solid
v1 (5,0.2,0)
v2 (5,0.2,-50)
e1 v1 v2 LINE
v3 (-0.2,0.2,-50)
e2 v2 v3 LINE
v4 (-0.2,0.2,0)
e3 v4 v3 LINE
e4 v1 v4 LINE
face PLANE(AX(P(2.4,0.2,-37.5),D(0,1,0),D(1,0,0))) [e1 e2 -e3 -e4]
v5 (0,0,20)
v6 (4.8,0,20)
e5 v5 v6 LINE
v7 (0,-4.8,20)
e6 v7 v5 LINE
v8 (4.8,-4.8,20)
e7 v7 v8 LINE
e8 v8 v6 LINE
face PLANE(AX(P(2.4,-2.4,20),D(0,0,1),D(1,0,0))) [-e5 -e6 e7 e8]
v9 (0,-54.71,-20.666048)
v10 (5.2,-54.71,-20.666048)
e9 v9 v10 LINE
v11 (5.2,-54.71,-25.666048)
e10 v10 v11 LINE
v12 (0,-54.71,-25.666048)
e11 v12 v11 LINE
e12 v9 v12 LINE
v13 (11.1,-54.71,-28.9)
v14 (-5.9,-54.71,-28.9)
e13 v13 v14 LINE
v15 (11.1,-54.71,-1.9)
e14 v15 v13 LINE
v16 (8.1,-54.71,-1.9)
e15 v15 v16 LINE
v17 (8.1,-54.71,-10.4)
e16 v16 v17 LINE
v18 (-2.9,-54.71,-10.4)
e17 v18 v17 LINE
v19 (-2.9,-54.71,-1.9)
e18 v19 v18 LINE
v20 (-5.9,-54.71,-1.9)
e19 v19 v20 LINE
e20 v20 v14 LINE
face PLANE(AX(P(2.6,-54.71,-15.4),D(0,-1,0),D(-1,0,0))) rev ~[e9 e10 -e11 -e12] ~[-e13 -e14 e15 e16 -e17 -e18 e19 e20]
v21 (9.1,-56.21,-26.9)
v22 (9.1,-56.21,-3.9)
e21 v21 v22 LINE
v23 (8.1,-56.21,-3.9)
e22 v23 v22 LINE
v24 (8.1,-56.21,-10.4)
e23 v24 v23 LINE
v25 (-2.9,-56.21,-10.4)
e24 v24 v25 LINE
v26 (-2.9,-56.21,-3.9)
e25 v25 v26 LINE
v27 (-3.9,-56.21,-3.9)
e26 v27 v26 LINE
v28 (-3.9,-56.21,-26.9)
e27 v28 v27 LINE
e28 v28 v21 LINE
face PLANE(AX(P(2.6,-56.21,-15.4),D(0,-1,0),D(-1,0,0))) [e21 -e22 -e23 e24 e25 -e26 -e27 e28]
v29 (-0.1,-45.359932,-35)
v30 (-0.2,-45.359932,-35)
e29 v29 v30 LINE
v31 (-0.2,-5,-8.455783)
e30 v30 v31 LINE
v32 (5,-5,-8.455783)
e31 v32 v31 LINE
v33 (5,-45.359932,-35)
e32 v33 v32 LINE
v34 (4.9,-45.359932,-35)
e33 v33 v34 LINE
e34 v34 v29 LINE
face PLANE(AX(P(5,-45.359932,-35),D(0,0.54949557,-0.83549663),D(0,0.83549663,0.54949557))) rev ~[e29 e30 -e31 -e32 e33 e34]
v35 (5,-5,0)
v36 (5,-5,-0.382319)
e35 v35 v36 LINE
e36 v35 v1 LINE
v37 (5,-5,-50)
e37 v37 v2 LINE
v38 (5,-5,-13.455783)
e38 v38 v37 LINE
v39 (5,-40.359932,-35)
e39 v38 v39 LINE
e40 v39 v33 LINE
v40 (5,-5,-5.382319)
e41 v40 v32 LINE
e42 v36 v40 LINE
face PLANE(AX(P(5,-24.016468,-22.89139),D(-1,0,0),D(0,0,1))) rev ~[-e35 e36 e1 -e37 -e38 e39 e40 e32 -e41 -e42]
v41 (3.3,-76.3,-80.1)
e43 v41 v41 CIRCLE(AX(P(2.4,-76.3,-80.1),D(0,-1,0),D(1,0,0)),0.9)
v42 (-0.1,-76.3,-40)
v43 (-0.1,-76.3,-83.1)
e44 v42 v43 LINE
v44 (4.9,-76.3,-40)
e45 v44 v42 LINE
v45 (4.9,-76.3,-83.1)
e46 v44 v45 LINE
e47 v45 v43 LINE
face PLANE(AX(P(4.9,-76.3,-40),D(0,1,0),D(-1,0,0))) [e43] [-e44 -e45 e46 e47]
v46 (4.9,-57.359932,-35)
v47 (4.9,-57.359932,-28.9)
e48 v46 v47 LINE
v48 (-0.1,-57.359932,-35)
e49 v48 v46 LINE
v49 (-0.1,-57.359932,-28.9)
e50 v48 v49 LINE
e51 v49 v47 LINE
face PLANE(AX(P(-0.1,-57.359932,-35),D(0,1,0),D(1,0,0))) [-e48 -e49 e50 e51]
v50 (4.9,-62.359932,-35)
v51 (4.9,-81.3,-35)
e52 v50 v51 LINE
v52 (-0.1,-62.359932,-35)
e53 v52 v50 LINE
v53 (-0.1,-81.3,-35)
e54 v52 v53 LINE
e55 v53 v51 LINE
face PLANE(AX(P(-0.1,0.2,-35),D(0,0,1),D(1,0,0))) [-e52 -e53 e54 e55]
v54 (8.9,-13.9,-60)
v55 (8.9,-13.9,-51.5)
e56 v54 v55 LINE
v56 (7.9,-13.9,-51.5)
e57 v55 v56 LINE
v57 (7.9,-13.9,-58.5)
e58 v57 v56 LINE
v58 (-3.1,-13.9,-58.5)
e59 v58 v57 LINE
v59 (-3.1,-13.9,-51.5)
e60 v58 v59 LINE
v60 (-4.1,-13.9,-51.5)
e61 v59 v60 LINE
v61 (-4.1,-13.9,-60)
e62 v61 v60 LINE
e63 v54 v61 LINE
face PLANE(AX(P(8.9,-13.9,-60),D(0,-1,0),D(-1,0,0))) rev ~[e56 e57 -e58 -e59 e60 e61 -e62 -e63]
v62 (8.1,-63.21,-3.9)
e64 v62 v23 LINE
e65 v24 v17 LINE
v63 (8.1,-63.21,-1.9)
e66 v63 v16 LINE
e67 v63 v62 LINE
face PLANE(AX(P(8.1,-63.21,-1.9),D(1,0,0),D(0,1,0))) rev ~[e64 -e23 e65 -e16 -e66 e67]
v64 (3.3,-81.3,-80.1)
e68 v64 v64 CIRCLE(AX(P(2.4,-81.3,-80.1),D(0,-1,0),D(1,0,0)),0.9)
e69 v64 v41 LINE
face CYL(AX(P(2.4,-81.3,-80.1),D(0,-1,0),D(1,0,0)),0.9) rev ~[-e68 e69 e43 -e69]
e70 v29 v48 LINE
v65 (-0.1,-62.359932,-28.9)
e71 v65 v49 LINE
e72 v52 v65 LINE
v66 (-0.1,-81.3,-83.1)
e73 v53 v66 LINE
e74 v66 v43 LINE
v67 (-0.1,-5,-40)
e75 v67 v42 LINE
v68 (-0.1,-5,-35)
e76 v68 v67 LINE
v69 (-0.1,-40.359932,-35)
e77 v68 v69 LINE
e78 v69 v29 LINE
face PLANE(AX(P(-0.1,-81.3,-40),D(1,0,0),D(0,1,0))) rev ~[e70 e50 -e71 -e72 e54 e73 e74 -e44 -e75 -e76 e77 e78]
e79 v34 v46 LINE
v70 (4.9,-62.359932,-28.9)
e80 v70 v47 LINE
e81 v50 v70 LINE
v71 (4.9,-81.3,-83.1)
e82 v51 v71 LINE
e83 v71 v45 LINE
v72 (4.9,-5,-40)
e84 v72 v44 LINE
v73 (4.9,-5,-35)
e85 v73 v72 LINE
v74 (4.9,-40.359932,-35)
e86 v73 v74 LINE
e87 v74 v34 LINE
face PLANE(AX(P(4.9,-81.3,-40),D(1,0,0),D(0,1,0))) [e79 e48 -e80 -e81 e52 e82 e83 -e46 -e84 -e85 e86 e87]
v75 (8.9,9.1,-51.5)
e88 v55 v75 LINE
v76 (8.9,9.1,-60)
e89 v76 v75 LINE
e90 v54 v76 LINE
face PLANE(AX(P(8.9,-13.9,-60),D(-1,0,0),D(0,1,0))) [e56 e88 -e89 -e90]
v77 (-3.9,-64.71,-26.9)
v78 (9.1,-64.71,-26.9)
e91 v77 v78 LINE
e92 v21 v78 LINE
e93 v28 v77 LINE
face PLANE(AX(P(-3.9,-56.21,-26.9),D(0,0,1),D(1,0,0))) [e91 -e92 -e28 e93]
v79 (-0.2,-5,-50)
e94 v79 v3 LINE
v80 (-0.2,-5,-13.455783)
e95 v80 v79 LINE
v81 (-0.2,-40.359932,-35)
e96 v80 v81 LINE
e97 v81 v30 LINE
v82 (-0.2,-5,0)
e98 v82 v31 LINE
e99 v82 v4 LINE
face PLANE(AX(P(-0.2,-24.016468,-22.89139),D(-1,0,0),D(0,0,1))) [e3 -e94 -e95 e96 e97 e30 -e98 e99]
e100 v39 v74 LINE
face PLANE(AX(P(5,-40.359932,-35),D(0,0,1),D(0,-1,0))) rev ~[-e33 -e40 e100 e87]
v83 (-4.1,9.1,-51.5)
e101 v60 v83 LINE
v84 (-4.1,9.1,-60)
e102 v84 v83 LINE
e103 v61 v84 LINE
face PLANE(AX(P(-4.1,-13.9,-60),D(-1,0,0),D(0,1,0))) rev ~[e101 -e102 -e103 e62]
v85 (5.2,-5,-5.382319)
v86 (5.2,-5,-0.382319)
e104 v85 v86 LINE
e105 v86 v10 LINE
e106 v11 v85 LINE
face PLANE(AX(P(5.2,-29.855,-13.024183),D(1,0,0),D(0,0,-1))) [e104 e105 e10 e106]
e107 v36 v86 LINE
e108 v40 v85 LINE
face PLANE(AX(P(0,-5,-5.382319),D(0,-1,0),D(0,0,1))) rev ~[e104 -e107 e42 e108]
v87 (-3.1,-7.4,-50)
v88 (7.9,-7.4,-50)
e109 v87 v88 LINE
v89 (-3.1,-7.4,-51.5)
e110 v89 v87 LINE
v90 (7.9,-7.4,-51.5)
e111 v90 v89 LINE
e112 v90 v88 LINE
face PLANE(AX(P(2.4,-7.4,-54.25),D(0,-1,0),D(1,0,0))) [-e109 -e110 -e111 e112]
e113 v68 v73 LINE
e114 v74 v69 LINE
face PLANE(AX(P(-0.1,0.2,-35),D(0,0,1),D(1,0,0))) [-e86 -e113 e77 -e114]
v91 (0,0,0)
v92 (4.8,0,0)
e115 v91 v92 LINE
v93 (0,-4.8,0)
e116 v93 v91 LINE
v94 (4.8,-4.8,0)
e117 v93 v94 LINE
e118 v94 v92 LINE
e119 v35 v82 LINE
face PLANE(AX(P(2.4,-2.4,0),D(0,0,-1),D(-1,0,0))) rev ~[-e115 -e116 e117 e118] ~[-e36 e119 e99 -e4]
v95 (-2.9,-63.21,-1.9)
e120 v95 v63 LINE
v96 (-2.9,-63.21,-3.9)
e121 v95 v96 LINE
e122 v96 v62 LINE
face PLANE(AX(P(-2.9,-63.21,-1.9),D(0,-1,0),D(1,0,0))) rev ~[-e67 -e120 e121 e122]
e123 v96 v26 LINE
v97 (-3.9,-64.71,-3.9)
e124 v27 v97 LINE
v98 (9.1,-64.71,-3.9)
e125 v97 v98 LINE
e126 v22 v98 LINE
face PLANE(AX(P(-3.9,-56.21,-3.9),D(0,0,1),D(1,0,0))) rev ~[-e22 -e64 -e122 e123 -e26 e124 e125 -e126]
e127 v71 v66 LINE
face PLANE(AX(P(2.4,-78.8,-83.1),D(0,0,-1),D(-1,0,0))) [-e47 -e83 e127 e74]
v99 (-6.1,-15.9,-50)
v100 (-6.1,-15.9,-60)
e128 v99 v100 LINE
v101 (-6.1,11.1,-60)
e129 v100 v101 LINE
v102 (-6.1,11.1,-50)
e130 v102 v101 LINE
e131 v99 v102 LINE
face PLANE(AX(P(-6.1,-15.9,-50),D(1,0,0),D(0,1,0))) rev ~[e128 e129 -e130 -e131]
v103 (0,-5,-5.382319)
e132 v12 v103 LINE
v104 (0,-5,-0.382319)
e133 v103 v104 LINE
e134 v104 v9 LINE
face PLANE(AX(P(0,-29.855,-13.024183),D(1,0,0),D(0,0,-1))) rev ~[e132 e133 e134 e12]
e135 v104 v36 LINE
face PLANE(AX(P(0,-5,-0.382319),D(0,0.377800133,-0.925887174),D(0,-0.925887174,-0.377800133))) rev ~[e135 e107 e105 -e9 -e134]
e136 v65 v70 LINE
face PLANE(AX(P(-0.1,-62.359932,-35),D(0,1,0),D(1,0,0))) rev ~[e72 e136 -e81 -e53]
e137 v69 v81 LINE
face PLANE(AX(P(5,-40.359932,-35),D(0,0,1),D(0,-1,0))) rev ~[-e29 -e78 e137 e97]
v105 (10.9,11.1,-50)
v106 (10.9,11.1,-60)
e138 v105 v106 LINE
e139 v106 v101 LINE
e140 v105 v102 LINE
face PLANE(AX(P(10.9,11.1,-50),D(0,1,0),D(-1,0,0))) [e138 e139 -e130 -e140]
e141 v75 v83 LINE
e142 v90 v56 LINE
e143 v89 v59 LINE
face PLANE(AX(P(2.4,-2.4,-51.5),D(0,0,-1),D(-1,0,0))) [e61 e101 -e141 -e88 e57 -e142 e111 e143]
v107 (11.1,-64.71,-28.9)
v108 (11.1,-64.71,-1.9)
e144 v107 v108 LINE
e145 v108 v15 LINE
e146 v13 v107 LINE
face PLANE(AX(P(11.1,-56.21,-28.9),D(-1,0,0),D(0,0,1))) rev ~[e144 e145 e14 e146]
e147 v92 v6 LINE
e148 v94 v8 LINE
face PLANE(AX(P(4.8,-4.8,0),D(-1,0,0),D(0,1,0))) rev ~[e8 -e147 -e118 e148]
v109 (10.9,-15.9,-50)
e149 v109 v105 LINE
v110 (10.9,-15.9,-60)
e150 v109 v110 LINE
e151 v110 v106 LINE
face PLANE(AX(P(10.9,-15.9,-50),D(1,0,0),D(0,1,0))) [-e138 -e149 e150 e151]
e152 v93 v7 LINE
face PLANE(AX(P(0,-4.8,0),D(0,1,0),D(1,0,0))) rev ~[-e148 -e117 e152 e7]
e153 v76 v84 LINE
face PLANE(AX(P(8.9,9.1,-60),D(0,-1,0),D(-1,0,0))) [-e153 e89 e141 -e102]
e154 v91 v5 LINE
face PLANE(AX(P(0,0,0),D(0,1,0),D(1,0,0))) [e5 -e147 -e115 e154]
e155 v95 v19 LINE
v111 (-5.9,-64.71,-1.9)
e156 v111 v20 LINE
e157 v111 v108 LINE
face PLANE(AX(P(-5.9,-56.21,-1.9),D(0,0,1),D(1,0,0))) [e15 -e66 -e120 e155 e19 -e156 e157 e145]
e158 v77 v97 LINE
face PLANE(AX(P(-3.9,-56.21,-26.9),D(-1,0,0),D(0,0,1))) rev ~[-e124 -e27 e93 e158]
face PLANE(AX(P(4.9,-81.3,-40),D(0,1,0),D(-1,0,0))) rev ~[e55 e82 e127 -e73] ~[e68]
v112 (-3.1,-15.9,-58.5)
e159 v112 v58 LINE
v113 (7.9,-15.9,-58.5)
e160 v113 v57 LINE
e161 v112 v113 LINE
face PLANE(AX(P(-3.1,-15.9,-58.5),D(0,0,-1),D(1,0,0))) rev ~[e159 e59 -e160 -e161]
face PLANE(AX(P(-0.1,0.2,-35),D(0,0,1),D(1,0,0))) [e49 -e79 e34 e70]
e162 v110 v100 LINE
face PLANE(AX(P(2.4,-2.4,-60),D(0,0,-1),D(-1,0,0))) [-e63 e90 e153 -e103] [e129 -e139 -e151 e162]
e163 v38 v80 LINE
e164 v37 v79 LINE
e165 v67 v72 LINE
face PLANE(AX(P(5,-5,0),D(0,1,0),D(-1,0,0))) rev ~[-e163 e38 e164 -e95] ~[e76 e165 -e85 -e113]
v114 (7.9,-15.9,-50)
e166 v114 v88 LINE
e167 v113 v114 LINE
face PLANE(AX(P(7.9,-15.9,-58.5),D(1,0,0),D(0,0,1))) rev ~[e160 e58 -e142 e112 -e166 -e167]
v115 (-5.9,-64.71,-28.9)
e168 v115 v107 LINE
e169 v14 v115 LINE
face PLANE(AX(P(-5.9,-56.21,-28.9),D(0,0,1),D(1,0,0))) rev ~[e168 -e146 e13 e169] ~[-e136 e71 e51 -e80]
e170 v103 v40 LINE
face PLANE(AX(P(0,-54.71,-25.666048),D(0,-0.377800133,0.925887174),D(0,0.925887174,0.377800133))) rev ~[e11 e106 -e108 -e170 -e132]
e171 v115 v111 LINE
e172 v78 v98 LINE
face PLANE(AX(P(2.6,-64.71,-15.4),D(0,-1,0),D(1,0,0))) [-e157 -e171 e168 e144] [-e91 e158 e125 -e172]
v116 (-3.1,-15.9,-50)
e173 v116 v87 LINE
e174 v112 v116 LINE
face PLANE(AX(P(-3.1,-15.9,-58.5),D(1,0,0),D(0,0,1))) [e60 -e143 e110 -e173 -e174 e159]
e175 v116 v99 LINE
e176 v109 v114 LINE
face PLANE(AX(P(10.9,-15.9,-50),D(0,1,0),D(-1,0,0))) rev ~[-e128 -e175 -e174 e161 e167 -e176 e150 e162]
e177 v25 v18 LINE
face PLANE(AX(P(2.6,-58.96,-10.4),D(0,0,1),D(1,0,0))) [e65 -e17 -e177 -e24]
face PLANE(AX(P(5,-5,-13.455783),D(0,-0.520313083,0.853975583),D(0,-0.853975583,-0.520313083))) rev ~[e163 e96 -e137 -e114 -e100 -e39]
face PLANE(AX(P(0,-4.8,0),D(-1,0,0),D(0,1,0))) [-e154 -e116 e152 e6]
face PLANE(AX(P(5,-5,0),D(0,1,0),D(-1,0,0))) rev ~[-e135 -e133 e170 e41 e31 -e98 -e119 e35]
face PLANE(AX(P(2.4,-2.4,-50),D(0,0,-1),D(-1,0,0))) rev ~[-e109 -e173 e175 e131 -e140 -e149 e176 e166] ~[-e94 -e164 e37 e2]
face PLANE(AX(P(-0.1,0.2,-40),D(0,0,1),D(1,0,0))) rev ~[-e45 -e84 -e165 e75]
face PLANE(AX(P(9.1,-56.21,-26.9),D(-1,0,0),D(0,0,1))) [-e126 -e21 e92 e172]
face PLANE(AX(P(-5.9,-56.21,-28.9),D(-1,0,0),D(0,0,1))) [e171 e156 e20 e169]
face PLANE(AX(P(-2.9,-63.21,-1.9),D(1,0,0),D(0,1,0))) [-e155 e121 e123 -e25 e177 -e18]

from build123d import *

# Parameters (mm, degrees)
SKETCH1_W            = 4.8
SKETCH1_H            = 4.8
BOSS_EXTRUDE1_DEPTH  = 20
SKETCH2_W            = 5.2
SKETCH2_H            = 5.2
BOSS_EXTRUDE2_DEPTH  = 50
SKETCH3_W            = 17
SKETCH3_H            = 27
BOSS_EXTRUDE3_DEPTH  = 10
SKETCH4_W            = 13
SKETCH4_H            = 23
CUT_EXTRUDE1_DEPTH   = 8.5
SKETCH5_W            = 11
SKETCH5_H            = 8.5
CUT_EXTRUDE2_DEPTH   = 8.5
SKETCH6_W            = 5
SKETCH6_H            = 5
BOSS_EXTRUDE4_DEPTH  = 81.5
SKETCH7_W            = 5
SKETCH7_H            = 5
BOSS_EXTRUDE5_DEPTH  = 43.1
SKETCH9_R            = 0.9
CUT_EXTRUDE4_DEPTH   = 125.748466924
BOSS_EXTRUDE6_DEPTH  = 5.2
SKETCH13_W           = 17
SKETCH13_H           = 27
BOSS_EXTRUDE7_DEPTH  = 1.5
SKETCH14_W           = 17
SKETCH14_H           = 27
SKETCH14_W_2         = 13
SKETCH14_H_2         = 23
BOSS_EXTRUDE8_DEPTH  = 8.5
SKETCH15_W           = 11
SKETCH15_H           = 8.5
CUT_EXTRUDE6_DEPTH   = 8.5
BOSS_EXTRUDE9_REACH  = 100.782
SKETCH16_W           = 5
SKETCH16_H           = 5
BOSS_EXTRUDE10_DEPTH = 5.2


with BuildPart() as part:
    # Sketch1 → Boss-Extrude1 (new body)
    with BuildSketch(Plane.XY):
        with Locations((2.4, -2.4)):
            Rectangle(SKETCH1_W, SKETCH1_H)
    extrude(amount=BOSS_EXTRUDE1_DEPTH)

    # Sketch2 → Boss-Extrude2 (add)
    with BuildSketch(Plane(origin=(0, 0, 0), x_dir=(-1, 0, 0), z_dir=(0, 0, -1))):
        with Locations((-2.4, -2.4)):
            Rectangle(SKETCH2_W, SKETCH2_H)
    extrude(amount=BOSS_EXTRUDE2_DEPTH)

    # Sketch3 → Boss-Extrude3 (add)
    with BuildSketch(Plane(origin=(0, 0, -50), x_dir=(-1, 0, 0), z_dir=(0, 0, -1))):
        with Locations((-2.4, -2.4)):
            Rectangle(SKETCH3_W, SKETCH3_H)
    extrude(amount=BOSS_EXTRUDE3_DEPTH)

    # Sketch4 → Cut-Extrude1 (cut)
    with BuildSketch(Plane(origin=(0, 0, -60), x_dir=(-1, 0, 0), z_dir=(0, 0, -1))):
        with Locations((-2.4, -2.4)):
            Rectangle(SKETCH4_W, SKETCH4_H)
    extrude(amount=-CUT_EXTRUDE1_DEPTH, mode=Mode.SUBTRACT)

    # Sketch5 → Cut-Extrude2 (cut)
    with BuildSketch(Plane.XZ.offset(15.9)):
        with Locations((2.4, -54.25)):
            Rectangle(SKETCH5_W, SKETCH5_H)
    extrude(amount=-CUT_EXTRUDE2_DEPTH, mode=Mode.SUBTRACT)

    # Sketch6 → Boss-Extrude4 (add)
    with BuildSketch(Plane(origin=(0, 0.2, 0), x_dir=(1, 0, 0), z_dir=(0, 1, 0))):
        with Locations((2.4, 37.5)):
            Rectangle(SKETCH6_W, SKETCH6_H)
    extrude(amount=-BOSS_EXTRUDE4_DEPTH)

    # Sketch7 → Boss-Extrude5 (add)
    with BuildSketch(Plane(origin=(0, 0, -40), x_dir=(-1, 0, 0), z_dir=(0, 0, -1))):
        with Locations((-2.4, -78.8)):
            Rectangle(SKETCH7_W, SKETCH7_H)
    extrude(amount=BOSS_EXTRUDE5_DEPTH)

    # Sketch9 → Cut-Extrude4 (cut, through all)
    with BuildSketch(Plane.XZ.offset(81.3)):
        with Locations((2.4, -80.1)):
            Circle(SKETCH9_R)
    extrude(amount=-CUT_EXTRUDE4_DEPTH, mode=Mode.SUBTRACT)

    # Sketch12 → Boss-Extrude6 (add)
    with BuildSketch(Plane(origin=(5, 0, 0), x_dir=(0, 0, -1), z_dir=(1, 0, 0))):
        Polygon((13.455782968, -5), (35, -40.359932103), (35, -45.359932103), (8.455782968, -5), align=None)
    extrude(amount=-BOSS_EXTRUDE6_DEPTH)


with BuildPart() as body_2:
    # Sketch13 → Boss-Extrude7 (new body)
    with BuildSketch(Plane(origin=(0, -54.71, 0), x_dir=(-1, 0, 0), z_dir=(0, -1, 0))):
        with Locations((-2.6, 15.4)):
            Rectangle(SKETCH13_W, SKETCH13_H)
    extrude(amount=BOSS_EXTRUDE7_DEPTH)

    # Sketch14 → Boss-Extrude8 (add)
    with BuildSketch(Plane.XZ.offset(56.21)):
        with Locations((2.6, -15.4)):
            Rectangle(SKETCH14_W, SKETCH14_H)
        with Locations((2.6, -15.4)):
            Rectangle(SKETCH14_W_2, SKETCH14_H_2, mode=Mode.SUBTRACT)
    extrude(amount=BOSS_EXTRUDE8_DEPTH)

    # Sketch15 → Cut-Extrude6 (cut)
    with BuildSketch(Plane.XY.offset(-1.9)):
        with Locations((2.6, -58.96)):
            Rectangle(SKETCH15_W, SKETCH15_H)
    extrude(amount=-CUT_EXTRUDE6_DEPTH, mode=Mode.SUBTRACT)

    # Sketch16 → Boss-Extrude9 (add, up to next)
    with BuildSketch(Plane.XY.offset(-35), mode=Mode.PRIVATE) as boss_extrude9_sk1:
        with Locations((2.4, -59.859932103)):
            Rectangle(SKETCH16_W, SKETCH16_H)
    boss_extrude9_tool1 = extrude(boss_extrude9_sk1.sketch, amount=BOSS_EXTRUDE9_REACH, mode=Mode.PRIVATE) - body_2.part

    add(part.part)  # Boss-Extrude9 merges part
    add(boss_extrude9_tool1.solids().sort_by_distance((2.4, -59.859932, -35))[0])

    # Sketch18 → Boss-Extrude10 (add)
    with BuildSketch(Plane(origin=(0, 0, 0), x_dir=(0, 0, -1), z_dir=(1, 0, 0))):
        Polygon((25.666047821, -54.71), (5.38231876, -5), (0.38231876, -5), (20.666047821, -54.71), align=None)
    extrude(amount=BOSS_EXTRUDE10_DEPTH)


solid = body_2.part
